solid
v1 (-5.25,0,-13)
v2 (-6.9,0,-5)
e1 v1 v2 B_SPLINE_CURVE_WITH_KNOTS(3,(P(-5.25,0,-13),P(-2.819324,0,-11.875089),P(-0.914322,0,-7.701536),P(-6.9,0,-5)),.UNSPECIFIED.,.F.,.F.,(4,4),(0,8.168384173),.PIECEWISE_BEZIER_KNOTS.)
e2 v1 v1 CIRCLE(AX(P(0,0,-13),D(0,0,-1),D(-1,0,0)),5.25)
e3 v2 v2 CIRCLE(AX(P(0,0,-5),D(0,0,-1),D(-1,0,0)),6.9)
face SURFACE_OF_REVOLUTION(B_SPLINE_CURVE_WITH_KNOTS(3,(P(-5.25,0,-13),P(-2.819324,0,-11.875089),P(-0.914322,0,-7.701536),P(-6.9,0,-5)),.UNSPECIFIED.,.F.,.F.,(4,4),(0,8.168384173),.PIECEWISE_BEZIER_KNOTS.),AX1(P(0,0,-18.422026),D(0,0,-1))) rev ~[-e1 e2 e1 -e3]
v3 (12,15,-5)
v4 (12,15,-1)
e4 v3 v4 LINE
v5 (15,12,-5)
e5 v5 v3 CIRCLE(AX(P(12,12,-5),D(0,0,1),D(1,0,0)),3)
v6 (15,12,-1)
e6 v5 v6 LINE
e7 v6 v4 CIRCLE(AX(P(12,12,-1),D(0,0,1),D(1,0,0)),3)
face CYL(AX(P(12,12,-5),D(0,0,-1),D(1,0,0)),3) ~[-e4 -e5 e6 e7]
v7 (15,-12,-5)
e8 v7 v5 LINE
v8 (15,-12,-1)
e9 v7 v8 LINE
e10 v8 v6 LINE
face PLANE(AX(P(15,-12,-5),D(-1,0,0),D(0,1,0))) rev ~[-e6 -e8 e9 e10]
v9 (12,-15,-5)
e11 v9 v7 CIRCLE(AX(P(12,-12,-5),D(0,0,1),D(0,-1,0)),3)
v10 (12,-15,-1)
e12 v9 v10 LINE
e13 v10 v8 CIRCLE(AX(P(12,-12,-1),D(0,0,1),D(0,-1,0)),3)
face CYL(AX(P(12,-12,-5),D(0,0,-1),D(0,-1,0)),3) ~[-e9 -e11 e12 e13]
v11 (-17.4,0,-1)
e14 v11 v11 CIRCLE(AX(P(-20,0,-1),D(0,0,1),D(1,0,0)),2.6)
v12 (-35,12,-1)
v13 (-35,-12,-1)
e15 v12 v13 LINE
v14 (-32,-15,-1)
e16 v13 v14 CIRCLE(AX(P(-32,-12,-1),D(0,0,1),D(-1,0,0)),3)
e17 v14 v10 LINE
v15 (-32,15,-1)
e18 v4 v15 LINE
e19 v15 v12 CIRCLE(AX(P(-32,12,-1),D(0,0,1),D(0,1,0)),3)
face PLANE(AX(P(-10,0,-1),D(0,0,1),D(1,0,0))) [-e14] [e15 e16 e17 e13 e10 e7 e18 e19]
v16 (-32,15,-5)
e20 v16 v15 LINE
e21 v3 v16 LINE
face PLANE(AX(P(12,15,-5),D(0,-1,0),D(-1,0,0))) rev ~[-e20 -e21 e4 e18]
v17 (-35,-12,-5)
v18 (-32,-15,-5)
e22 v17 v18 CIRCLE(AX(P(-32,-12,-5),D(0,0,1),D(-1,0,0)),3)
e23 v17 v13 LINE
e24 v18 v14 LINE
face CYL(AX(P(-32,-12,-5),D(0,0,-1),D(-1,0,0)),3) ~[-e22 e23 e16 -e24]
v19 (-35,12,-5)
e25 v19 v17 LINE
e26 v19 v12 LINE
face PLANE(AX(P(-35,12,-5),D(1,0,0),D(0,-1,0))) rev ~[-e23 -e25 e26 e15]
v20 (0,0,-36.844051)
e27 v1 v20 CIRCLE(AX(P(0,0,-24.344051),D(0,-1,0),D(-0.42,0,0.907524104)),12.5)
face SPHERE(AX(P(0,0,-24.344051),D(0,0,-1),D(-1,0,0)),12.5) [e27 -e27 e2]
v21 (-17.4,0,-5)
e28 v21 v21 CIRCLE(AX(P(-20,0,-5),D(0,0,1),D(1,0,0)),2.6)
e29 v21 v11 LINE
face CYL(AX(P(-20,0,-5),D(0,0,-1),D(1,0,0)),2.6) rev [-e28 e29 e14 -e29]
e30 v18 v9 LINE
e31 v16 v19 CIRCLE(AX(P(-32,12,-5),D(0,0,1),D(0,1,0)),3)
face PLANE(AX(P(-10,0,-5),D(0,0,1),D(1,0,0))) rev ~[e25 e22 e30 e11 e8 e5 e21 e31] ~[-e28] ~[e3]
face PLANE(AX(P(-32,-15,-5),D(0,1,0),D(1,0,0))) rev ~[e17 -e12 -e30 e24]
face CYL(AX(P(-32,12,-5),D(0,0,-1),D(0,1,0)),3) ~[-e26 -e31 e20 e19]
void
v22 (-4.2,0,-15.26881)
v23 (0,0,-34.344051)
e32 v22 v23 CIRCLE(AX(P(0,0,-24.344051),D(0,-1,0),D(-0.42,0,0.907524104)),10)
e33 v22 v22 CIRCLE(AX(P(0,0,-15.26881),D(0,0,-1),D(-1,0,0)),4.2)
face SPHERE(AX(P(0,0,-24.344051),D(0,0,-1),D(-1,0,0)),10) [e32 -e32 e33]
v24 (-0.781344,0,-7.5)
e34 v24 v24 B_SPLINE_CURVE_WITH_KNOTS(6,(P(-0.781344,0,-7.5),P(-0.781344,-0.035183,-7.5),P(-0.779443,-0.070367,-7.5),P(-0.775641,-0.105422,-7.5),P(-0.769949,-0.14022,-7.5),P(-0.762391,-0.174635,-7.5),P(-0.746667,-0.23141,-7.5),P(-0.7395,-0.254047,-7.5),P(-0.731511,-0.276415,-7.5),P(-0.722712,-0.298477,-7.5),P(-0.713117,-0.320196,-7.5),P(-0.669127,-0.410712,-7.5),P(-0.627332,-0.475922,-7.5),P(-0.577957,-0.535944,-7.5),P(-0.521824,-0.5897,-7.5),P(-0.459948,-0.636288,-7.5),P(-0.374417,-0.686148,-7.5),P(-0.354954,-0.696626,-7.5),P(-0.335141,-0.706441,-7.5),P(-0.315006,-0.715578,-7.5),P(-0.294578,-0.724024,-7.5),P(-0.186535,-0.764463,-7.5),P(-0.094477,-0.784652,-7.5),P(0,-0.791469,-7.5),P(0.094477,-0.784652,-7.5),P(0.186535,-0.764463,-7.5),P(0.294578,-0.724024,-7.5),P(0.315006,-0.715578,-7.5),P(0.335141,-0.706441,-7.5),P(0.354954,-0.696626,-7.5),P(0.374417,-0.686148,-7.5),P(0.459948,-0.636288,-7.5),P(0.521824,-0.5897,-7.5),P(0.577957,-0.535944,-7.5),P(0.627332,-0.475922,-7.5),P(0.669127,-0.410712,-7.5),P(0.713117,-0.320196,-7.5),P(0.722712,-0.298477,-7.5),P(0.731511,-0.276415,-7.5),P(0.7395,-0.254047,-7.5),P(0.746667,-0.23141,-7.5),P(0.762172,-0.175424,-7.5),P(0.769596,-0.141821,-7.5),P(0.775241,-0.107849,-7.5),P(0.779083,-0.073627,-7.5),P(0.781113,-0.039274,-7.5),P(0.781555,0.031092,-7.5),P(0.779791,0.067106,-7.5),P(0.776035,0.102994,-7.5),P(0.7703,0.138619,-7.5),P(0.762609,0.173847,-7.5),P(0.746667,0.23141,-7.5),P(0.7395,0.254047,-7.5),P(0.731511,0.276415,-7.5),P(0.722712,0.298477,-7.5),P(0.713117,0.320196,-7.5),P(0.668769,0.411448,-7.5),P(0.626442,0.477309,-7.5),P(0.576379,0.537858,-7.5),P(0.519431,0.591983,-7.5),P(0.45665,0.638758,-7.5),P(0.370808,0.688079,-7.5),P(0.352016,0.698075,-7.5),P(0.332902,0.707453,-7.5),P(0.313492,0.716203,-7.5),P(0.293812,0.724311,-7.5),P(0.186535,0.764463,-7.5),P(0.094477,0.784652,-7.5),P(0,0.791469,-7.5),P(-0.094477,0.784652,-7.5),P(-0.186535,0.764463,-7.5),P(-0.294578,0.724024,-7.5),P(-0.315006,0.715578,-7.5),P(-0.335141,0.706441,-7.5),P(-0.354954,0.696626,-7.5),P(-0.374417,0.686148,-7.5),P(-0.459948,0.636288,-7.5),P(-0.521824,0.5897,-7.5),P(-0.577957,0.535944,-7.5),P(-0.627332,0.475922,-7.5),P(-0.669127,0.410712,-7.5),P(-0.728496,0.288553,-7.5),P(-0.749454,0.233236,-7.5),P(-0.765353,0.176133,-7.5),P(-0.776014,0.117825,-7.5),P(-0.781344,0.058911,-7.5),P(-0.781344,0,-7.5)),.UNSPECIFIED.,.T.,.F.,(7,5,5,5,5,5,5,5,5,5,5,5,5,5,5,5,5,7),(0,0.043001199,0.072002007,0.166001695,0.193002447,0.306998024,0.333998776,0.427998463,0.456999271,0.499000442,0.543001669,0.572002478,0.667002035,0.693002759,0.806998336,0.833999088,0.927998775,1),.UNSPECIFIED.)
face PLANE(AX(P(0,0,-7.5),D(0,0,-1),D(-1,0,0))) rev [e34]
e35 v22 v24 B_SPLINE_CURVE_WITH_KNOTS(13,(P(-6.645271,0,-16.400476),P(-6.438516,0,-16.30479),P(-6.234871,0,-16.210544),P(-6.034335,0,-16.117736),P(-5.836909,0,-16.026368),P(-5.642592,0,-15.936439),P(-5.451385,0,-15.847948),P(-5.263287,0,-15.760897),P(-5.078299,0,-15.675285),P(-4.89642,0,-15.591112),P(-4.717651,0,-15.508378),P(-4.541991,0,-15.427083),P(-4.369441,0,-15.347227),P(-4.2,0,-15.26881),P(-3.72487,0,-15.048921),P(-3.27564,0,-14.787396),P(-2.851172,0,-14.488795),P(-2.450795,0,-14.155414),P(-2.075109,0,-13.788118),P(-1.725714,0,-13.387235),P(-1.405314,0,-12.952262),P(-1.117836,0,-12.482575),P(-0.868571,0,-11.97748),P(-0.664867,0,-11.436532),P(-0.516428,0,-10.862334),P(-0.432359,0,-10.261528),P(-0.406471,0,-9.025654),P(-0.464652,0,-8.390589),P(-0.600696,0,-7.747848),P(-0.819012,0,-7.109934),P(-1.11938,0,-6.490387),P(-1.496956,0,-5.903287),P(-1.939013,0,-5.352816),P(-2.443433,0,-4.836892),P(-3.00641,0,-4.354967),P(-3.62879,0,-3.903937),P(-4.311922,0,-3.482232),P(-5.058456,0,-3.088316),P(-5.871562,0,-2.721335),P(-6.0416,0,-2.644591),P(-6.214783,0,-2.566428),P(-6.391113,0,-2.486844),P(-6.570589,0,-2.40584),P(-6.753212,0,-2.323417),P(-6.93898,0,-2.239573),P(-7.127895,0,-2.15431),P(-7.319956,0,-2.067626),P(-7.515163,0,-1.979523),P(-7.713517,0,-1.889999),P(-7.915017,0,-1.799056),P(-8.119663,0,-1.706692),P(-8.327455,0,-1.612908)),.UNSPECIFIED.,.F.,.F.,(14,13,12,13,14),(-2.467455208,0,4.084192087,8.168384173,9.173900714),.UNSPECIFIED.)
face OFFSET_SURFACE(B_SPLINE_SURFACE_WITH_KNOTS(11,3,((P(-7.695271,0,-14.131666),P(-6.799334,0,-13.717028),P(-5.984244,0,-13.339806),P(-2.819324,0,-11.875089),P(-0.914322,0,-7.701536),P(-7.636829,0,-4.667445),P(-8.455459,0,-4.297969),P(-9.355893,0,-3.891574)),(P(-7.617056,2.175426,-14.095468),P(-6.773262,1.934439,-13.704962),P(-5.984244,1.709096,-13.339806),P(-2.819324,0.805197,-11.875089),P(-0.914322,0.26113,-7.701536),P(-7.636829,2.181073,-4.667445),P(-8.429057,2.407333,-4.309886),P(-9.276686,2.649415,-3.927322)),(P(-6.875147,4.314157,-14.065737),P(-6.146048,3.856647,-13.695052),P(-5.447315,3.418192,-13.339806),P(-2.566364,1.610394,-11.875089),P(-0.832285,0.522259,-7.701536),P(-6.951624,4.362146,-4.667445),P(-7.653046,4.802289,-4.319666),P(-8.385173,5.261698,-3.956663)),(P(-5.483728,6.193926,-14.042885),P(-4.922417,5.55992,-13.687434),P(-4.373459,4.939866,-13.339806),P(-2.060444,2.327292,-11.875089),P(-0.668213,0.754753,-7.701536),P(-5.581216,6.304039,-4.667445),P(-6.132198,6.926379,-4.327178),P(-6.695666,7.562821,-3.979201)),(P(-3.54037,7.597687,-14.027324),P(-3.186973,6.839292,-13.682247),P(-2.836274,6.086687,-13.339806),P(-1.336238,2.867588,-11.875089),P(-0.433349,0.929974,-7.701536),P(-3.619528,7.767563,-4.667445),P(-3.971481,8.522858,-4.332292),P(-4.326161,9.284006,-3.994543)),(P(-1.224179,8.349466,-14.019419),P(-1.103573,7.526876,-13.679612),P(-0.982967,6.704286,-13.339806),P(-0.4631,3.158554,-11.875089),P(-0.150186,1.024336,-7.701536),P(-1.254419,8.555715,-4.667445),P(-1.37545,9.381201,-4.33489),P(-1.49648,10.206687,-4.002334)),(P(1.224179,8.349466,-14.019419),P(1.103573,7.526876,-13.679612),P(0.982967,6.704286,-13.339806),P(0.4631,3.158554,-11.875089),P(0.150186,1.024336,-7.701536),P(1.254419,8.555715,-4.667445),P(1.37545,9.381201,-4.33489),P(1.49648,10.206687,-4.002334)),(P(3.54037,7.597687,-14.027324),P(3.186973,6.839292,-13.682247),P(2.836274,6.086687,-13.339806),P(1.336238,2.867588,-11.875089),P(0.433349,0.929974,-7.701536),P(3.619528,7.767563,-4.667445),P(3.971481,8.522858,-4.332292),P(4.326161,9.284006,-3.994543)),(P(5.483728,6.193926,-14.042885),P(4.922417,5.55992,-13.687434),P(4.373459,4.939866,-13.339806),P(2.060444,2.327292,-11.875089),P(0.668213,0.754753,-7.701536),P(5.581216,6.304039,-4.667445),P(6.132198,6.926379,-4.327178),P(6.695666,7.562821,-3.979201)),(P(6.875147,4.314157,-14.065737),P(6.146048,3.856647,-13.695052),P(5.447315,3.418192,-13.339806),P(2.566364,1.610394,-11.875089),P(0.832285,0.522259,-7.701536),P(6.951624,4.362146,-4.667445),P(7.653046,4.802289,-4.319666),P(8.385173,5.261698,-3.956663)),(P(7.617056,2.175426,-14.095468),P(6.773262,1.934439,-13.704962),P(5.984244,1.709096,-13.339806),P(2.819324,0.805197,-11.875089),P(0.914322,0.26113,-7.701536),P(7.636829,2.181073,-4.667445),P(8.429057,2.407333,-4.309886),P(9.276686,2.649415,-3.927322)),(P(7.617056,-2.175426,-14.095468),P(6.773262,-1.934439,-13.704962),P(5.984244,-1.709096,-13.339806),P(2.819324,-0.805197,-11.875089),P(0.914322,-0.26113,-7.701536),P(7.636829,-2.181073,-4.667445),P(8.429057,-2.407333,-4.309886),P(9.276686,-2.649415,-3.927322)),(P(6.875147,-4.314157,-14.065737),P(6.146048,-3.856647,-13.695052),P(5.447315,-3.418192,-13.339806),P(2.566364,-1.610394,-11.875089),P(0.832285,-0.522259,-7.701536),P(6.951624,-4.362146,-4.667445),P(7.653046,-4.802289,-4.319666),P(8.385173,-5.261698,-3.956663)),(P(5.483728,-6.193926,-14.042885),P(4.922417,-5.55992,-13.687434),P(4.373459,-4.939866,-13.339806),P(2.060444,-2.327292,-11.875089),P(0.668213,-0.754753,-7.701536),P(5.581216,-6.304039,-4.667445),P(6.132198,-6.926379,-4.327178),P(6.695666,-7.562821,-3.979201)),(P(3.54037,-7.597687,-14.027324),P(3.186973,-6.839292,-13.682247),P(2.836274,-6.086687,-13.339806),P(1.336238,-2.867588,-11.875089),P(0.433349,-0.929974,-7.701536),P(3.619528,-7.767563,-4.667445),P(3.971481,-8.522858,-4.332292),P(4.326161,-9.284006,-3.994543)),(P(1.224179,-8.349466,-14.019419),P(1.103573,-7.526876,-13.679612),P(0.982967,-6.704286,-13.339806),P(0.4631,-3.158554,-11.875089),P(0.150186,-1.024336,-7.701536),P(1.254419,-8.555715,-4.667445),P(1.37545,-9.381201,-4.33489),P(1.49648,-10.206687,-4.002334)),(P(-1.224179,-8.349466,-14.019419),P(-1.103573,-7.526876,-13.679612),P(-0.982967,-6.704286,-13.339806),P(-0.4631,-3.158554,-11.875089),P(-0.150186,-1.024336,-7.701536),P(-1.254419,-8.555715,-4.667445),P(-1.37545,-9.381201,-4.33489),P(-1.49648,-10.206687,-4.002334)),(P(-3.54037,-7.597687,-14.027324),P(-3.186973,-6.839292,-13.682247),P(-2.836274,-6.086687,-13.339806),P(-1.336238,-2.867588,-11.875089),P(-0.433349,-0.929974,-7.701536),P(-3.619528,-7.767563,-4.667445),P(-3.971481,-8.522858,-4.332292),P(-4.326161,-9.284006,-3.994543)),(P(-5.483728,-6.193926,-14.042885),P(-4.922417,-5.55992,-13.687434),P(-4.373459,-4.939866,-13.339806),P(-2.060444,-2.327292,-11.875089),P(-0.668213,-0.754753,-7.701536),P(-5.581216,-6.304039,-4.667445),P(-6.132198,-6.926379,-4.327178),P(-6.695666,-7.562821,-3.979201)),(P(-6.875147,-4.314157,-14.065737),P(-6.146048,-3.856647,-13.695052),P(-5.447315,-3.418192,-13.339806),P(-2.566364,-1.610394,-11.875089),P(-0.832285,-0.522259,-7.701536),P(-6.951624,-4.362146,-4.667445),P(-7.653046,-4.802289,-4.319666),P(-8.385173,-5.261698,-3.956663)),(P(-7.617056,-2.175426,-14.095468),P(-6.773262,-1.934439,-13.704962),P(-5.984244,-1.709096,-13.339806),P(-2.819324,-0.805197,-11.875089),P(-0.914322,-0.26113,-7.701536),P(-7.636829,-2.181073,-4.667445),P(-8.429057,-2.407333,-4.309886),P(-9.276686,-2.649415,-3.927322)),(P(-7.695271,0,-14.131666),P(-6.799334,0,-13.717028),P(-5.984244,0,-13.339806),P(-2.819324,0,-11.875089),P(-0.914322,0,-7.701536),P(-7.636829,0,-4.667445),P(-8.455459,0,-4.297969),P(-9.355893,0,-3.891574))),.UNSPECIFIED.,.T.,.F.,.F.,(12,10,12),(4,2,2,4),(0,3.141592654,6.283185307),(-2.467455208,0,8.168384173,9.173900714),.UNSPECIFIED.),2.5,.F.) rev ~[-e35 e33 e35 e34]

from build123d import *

# Parameters (mm, degrees)
F2_T     = -2.5
F3_R     = 2.6
F4_DEPTH = 4


with BuildPart() as f1:
    # F0 (on Front) → F1 (revolve)
    with BuildSketch(Plane.XZ):
        with BuildLine():
            Line((0, -36.8440513045), (0, -11.8440513045))
            ThreePointArc((0, -11.8440513045), (-2.6878763637, -12.1364585585), (-5.25, -13))
            ThreePointArc((-5.25, -13), (-12.207592746, -27.0319276683), (0, -36.8440513045))
        make_face()
        with BuildLine():
            Line((0, -11.8440513045), (0, -5))
            Line((0, -5), (-6.9, -5))
            add(Edge.make_bspline(
                [(-5.25, -13), (-2.8193239395, -11.8750888924), (-0.9143215768, -7.7015358731), (-6.9, -5)],
                knots=[0, 0, 0, 0, 8.1683841731, 8.1683841731, 8.1683841731, 8.1683841731], degree=3))
            ThreePointArc((-5.25, -13), (-2.6878763637, -12.1364585585), (0, -11.8440513045))
        make_face()
    revolve(axis=Axis((0, 0, -18.4220256523), (0, 0, -1)))

    # F2 (hollow: no face is removed)
    offset(amount=F2_T, kind=Kind.INTERSECTION, mode=Mode.SUBTRACT)

    # F3 (on face) → F4 (join)
    with BuildSketch(Plane.XY.offset(-5)):
        with BuildLine():
            Line((-32, -15), (12, -15))
            ThreePointArc((12, -15), (14.1213203436, -14.1213203436), (15, -12))
            Line((15, -12), (15, 12))
            ThreePointArc((15, 12), (14.1213203436, 14.1213203436), (12, 15))
            Line((12, 15), (-32, 15))
            ThreePointArc((-32, 15), (-34.1213203436, 14.1213203436), (-35, 12))
            Line((-35, 12), (-35, -12))
            ThreePointArc((-35, -12), (-34.1213203436, -14.1213203436), (-32, -15))
        make_face()
        with Locations((-20, 0)):
            Circle(F3_R, mode=Mode.SUBTRACT)
    extrude(amount=F4_DEPTH)


solid = f1.part
